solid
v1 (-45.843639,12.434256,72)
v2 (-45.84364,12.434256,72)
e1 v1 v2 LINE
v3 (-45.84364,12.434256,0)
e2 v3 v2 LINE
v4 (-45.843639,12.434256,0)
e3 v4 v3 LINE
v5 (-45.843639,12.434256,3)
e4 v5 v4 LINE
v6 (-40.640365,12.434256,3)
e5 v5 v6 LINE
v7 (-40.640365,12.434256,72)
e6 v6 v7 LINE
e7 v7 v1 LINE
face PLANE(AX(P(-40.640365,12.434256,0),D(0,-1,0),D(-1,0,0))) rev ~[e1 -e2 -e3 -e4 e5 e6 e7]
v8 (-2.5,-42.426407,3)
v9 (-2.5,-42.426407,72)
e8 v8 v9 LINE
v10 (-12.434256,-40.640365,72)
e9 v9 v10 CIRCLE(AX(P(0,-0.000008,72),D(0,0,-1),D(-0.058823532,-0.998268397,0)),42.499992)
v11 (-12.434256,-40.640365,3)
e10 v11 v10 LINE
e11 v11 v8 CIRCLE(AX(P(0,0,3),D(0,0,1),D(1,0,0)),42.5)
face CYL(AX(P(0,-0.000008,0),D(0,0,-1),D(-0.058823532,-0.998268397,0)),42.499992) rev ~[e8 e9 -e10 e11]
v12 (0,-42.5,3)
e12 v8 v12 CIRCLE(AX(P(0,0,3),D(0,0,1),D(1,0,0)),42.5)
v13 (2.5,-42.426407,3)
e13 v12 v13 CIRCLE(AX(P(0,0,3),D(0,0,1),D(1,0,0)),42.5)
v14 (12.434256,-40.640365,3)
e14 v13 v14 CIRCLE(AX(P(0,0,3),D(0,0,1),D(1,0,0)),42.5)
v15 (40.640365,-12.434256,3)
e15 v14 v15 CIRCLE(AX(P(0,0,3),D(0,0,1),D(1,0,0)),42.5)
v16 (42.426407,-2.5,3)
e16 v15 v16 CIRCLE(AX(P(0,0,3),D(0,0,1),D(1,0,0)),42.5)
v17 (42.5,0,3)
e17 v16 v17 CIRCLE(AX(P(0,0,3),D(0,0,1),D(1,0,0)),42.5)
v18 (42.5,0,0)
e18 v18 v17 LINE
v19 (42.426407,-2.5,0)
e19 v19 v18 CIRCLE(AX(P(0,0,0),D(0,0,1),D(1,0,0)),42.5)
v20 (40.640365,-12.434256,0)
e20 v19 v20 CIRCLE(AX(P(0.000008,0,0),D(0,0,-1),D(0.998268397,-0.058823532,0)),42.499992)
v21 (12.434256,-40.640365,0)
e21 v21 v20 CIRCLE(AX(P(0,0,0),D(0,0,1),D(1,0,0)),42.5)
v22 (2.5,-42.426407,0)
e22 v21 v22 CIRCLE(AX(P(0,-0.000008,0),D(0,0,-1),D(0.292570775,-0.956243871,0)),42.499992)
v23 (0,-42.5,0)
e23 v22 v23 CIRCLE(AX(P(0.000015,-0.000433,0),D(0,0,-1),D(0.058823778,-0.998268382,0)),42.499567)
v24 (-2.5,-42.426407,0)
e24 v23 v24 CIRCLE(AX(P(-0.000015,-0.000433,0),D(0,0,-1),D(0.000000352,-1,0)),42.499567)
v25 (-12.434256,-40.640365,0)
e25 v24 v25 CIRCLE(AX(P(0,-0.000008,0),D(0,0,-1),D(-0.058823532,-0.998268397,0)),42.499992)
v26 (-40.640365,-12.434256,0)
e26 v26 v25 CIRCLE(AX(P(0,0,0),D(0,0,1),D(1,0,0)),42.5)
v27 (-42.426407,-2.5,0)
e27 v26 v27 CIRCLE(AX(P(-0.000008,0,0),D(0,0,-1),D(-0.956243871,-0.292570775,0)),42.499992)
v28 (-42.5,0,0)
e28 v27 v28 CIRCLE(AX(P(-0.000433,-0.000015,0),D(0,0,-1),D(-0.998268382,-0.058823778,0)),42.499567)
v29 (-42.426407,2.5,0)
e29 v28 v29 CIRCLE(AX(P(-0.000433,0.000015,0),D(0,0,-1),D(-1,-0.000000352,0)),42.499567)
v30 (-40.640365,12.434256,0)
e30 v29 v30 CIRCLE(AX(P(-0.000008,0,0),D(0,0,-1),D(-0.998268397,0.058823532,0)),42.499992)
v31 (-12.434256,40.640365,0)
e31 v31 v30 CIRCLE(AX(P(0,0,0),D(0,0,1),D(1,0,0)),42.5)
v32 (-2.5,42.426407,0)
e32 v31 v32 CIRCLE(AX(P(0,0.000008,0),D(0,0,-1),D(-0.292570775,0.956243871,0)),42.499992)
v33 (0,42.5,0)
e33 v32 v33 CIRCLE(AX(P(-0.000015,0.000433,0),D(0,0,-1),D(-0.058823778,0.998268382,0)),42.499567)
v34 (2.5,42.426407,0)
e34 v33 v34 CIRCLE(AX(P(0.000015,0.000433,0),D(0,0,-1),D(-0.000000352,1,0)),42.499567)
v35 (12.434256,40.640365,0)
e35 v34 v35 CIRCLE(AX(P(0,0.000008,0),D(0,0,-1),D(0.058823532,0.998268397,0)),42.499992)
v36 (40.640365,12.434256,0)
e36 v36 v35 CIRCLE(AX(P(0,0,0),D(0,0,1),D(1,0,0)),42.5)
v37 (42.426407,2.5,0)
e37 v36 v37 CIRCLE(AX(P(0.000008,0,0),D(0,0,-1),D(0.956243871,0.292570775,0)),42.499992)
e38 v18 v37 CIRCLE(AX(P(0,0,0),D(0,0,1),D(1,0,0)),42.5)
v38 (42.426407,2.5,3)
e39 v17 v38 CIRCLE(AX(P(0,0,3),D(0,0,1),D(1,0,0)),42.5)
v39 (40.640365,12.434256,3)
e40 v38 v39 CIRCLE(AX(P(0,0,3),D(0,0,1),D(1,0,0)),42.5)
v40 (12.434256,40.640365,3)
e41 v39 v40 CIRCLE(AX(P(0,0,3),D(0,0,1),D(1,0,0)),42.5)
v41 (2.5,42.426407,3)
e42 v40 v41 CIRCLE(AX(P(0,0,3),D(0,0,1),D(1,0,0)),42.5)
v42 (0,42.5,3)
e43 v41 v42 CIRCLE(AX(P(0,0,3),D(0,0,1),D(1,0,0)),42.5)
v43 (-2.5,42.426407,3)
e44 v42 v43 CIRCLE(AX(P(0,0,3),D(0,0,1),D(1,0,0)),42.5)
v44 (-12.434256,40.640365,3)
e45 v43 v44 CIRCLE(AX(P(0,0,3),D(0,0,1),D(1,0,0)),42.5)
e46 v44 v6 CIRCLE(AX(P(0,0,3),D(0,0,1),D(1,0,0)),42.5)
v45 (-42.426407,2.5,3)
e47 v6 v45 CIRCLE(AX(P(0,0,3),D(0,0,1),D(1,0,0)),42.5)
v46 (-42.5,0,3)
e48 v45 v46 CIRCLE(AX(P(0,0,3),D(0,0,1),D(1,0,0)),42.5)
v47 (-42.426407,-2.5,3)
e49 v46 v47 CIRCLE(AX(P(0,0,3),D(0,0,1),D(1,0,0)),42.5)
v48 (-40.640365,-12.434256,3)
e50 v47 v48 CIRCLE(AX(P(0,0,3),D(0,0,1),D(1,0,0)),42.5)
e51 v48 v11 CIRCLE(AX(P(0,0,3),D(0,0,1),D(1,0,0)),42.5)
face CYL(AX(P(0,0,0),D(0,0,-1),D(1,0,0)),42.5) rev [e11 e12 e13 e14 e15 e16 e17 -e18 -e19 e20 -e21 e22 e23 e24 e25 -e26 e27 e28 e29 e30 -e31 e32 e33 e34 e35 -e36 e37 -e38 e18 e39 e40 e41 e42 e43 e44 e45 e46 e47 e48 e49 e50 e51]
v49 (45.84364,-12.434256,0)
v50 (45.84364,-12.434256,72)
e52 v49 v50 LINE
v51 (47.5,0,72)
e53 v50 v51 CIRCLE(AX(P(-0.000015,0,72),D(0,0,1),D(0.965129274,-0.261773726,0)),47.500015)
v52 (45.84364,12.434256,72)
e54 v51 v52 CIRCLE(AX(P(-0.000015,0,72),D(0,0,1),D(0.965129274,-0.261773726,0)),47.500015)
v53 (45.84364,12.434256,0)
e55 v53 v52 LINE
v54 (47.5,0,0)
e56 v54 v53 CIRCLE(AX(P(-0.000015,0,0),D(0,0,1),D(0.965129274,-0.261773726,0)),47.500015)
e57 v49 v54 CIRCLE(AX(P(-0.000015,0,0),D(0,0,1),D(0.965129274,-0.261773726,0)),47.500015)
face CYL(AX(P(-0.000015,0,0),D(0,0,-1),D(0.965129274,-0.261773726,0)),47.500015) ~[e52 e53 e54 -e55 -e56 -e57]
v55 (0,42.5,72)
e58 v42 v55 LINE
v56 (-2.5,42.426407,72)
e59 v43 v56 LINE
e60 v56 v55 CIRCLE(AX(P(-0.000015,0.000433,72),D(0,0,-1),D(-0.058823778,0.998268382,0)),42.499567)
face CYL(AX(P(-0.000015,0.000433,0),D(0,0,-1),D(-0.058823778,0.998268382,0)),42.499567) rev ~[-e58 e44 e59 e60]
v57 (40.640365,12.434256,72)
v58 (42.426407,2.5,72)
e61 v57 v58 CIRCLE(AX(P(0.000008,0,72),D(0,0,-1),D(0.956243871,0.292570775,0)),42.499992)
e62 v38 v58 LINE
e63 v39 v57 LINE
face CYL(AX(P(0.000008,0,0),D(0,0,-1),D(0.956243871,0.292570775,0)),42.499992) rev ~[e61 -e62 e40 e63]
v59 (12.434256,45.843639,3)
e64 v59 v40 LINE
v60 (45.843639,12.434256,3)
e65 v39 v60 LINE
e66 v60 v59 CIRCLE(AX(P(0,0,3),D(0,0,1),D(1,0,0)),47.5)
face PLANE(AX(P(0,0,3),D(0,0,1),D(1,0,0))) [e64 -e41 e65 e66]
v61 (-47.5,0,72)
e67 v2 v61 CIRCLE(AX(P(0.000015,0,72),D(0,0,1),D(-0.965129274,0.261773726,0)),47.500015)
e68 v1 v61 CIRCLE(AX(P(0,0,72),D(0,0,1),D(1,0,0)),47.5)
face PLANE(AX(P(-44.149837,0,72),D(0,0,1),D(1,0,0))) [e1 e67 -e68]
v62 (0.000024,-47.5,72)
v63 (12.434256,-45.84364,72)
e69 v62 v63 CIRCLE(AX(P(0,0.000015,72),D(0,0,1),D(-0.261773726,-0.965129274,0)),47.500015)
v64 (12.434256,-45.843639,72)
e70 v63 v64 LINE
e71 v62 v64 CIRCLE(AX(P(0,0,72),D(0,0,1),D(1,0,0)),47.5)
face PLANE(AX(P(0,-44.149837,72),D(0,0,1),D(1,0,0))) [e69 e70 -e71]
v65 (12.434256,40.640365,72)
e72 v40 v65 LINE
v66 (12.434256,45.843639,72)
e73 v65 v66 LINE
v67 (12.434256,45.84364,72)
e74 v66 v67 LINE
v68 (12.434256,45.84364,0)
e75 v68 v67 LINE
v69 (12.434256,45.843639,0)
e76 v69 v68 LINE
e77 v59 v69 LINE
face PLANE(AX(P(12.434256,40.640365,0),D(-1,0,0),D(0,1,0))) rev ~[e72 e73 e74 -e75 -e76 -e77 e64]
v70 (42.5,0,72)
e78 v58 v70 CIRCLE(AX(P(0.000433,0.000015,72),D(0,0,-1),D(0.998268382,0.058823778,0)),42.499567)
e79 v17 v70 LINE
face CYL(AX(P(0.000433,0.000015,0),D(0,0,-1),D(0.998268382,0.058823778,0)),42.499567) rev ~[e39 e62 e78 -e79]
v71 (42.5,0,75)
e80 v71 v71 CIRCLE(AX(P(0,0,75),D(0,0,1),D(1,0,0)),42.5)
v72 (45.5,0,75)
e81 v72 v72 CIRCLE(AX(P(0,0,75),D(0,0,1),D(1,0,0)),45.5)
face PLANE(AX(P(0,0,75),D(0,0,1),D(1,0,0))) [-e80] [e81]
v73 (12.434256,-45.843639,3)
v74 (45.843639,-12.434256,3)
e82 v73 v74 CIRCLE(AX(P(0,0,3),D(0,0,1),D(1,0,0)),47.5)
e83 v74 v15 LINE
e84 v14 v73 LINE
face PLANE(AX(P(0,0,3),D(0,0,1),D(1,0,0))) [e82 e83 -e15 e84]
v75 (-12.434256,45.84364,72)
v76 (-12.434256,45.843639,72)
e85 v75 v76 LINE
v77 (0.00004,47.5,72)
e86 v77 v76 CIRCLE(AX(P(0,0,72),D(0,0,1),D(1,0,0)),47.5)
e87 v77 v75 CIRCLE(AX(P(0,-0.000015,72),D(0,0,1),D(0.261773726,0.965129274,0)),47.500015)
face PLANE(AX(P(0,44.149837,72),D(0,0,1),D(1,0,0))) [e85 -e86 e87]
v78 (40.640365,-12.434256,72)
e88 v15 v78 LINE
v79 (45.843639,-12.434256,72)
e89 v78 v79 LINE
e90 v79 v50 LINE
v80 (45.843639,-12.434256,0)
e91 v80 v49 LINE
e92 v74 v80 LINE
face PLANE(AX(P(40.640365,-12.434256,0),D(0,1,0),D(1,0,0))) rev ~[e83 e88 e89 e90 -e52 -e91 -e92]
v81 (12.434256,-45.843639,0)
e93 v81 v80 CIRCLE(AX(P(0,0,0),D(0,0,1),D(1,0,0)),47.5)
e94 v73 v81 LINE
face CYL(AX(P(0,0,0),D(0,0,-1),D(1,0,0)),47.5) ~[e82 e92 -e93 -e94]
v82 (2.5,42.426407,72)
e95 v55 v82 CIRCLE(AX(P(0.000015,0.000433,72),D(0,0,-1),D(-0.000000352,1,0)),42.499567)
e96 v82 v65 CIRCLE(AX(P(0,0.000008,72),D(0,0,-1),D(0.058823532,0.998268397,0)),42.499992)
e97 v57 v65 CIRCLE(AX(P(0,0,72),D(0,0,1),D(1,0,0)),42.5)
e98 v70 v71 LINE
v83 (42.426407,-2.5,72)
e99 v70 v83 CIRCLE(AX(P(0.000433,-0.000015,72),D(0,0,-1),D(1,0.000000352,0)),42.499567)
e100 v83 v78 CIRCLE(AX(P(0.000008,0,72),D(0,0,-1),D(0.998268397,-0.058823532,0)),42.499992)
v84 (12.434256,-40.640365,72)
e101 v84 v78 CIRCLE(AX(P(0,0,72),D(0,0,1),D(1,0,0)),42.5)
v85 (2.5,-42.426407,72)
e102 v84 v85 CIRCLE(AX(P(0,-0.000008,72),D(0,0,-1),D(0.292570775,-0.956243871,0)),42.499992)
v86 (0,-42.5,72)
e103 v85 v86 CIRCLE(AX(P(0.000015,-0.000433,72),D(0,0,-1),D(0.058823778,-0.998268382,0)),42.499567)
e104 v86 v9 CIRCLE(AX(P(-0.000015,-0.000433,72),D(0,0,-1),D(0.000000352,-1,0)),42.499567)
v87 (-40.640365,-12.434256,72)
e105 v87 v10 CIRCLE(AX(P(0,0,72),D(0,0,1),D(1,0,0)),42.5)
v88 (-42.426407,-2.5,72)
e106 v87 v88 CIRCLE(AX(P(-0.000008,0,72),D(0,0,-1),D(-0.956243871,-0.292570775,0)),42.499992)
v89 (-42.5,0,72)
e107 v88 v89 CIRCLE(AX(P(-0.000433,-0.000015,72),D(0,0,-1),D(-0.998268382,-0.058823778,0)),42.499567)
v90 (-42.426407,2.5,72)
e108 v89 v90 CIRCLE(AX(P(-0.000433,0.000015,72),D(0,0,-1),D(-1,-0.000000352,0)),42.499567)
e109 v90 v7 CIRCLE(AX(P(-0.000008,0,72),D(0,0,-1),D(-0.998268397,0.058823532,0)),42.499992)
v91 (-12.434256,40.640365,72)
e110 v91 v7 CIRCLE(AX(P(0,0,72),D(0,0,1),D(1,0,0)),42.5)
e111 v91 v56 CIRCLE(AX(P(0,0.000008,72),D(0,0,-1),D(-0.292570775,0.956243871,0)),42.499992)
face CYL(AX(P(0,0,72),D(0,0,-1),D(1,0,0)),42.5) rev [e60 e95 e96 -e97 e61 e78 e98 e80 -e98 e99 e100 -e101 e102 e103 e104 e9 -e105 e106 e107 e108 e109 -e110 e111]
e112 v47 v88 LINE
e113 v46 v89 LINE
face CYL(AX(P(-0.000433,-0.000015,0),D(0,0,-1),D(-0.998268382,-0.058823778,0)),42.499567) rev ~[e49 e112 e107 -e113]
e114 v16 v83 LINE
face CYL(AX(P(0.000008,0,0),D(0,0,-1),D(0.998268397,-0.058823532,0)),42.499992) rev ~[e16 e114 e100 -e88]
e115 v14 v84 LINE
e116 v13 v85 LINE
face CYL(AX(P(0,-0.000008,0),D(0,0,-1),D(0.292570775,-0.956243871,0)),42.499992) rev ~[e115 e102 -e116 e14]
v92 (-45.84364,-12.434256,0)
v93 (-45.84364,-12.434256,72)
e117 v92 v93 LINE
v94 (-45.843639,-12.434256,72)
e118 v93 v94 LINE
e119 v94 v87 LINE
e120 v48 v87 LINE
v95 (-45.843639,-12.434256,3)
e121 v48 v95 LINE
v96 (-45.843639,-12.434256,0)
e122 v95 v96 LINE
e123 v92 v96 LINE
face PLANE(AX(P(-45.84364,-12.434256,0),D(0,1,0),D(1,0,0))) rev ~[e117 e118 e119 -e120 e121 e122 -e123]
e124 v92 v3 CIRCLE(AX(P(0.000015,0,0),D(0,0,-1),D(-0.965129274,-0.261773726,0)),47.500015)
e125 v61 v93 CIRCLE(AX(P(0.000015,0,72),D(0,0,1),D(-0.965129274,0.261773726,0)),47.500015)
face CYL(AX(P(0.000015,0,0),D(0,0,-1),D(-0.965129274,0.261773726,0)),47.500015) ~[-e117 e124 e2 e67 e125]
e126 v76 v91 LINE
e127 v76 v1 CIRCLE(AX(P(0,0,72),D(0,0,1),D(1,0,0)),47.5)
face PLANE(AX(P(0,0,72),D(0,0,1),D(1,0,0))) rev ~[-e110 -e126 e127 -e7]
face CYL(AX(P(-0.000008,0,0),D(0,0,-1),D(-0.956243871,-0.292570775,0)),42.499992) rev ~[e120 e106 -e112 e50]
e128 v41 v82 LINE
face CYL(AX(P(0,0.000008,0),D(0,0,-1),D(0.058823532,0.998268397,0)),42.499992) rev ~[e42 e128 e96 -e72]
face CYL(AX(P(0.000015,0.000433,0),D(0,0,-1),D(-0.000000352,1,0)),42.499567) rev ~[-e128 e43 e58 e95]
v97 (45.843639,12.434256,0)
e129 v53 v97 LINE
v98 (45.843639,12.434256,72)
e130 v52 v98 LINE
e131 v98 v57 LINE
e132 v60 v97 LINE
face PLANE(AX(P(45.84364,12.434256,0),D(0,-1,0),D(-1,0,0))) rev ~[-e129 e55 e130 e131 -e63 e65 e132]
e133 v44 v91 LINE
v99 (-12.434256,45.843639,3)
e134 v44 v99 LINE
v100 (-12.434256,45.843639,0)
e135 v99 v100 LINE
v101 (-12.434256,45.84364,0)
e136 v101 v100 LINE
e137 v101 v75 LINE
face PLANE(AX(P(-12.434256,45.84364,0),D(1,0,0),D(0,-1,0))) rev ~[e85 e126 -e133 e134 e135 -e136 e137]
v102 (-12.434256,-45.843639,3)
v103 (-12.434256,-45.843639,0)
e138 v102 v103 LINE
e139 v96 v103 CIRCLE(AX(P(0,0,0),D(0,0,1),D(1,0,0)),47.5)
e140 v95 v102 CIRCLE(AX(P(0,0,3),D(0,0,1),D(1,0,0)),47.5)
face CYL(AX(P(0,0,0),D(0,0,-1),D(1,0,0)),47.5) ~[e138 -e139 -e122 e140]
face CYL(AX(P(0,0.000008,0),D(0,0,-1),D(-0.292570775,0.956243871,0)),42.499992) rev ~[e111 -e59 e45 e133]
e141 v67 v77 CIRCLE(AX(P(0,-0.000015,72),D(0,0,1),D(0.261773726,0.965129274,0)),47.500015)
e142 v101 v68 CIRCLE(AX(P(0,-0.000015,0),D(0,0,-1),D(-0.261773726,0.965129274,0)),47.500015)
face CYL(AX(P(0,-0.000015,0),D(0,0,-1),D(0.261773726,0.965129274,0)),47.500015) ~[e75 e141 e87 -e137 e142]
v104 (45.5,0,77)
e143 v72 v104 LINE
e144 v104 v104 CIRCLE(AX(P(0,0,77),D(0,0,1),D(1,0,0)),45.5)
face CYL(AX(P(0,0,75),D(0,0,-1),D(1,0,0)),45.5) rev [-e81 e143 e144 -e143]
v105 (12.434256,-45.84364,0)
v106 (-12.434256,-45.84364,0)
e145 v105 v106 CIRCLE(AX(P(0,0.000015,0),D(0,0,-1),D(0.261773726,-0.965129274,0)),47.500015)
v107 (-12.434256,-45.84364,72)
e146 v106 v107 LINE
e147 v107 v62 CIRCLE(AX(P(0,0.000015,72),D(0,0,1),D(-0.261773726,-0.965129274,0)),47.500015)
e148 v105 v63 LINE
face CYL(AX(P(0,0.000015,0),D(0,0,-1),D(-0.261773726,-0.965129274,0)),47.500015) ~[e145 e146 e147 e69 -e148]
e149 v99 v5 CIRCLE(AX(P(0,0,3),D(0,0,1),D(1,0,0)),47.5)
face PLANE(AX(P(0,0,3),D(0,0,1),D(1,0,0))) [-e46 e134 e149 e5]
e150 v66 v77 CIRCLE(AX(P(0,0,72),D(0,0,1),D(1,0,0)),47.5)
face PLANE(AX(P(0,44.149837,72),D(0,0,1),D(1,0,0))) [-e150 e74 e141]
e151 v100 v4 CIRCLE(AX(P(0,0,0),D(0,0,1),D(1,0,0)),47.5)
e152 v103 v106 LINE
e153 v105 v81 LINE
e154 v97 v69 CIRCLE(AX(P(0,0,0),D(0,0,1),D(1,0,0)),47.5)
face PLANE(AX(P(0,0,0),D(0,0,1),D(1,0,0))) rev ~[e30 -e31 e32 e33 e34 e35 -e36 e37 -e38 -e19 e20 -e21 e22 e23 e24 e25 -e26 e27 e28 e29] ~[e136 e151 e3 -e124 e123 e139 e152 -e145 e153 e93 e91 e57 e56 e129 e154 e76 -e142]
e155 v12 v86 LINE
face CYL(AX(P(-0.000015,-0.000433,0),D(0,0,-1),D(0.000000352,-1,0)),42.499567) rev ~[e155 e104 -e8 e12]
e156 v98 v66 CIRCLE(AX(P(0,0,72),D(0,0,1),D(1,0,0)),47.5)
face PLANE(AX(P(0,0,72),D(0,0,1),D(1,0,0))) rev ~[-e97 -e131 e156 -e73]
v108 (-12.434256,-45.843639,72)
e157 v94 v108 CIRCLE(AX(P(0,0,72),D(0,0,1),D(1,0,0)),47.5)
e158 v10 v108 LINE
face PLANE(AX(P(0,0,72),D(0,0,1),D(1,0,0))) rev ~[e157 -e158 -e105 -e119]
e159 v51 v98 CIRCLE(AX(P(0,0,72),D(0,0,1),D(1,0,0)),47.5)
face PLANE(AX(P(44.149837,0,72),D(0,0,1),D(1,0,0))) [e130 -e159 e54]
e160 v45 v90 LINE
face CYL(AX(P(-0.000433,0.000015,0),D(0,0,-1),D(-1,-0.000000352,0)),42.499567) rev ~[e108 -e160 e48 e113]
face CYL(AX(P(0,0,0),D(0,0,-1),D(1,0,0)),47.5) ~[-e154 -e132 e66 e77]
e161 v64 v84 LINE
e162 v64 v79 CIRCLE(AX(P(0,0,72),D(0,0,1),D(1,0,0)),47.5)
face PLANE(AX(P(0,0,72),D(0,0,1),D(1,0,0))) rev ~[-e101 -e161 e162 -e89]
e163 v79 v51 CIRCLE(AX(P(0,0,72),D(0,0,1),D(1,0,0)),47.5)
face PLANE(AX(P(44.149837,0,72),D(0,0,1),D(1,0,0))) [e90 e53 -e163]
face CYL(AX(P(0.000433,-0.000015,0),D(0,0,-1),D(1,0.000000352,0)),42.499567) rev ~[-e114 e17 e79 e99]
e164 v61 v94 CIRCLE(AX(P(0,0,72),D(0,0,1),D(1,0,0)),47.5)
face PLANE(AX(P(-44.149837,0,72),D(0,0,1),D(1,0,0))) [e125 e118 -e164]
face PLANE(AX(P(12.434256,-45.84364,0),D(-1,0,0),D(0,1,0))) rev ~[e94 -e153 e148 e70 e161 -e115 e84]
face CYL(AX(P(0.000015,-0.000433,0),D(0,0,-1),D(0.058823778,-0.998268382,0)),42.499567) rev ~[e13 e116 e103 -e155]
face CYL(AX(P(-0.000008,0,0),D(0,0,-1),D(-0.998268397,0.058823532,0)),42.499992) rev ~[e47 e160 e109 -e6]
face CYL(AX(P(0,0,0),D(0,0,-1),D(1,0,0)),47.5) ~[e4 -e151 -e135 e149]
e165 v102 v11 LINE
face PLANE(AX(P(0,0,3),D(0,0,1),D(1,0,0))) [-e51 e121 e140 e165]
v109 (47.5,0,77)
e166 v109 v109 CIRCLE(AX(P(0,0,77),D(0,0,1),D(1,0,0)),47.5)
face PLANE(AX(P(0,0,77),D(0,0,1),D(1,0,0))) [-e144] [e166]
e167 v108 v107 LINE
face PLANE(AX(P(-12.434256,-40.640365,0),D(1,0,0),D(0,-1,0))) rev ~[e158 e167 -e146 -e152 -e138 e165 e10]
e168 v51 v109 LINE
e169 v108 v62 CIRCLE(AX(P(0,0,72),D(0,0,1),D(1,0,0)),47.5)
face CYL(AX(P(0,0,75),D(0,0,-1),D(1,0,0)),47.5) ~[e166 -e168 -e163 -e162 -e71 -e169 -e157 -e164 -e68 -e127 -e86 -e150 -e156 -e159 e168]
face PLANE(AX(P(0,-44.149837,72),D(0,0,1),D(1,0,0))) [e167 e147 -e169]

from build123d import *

# Parameters (mm, degrees)
F0_R     = 47.5
F0_R_2   = 42.5
F1_DEPTH = 3
F3_DEPTH = 72
F4_R     = 47.5
F4_R_2   = 42.5
F5_DEPTH = 3
F6_R     = 47.5
F6_R_2   = 45.5
F7_DEPTH = 2


with BuildPart() as f1:
    # F0 (on Top) → F1 (new body)
    with BuildSketch(Plane.XY):
        Circle(F0_R)
        Circle(F0_R_2, mode=Mode.SUBTRACT)
    extrude(amount=F1_DEPTH)

    # F2 (on Top) → F3 (join)
    with BuildSketch(Plane.XY):
        with BuildLine():
            Line((12.434256, 40.640365), (12.434256, 45.84364))
            ThreePointArc((12.434256, 45.84364), (0, 47.5), (-12.434256, 45.84364))
            Line((-12.434256, 45.84364), (-12.434256, 40.640365))
            ThreePointArc((-12.434256, 40.640365), (-7.520338, 41.82935), (-2.5, 42.426407))
            ThreePointArc((-2.5, 42.426407), (-1.250541, 42.481598), (0, 42.5))
            ThreePointArc((0, 42.5), (1.250541, 42.481598), (2.5, 42.426407))
            ThreePointArc((2.5, 42.426407), (7.520338, 41.82935), (12.434256, 40.640365))
        make_face()
        with BuildLine():
            Line((-40.640365, 12.434256), (-45.84364, 12.434256))
            ThreePointArc((-45.84364, 12.434256), (-47.5, 0), (-45.84364, -12.434256))
            Line((-45.84364, -12.434256), (-40.640365, -12.434256))
            ThreePointArc((-40.640365, -12.434256), (-41.82935, -7.520338), (-42.426407, -2.5))
            ThreePointArc((-42.426407, -2.5), (-42.481598, -1.250541), (-42.5, 0))
            ThreePointArc((-42.5, 0), (-42.481598, 1.250541), (-42.426407, 2.5))
            ThreePointArc((-42.426407, 2.5), (-41.82935, 7.520338), (-40.640365, 12.434256))
        make_face()
        with BuildLine():
            Line((-12.434256, -40.640365), (-12.434256, -45.84364))
            ThreePointArc((-12.434256, -45.84364), (0, -47.5), (12.434256, -45.84364))
            Line((12.434256, -45.84364), (12.434256, -40.640365))
            ThreePointArc((12.434256, -40.640365), (7.520338, -41.82935), (2.5, -42.426407))
            ThreePointArc((2.5, -42.426407), (1.250541, -42.481598), (0, -42.5))
            ThreePointArc((0, -42.5), (-1.250541, -42.481598), (-2.5, -42.426407))
            ThreePointArc((-2.5, -42.426407), (-7.520338, -41.82935), (-12.434256, -40.640365))
        make_face()
        with BuildLine():
            Line((40.640365, -12.434256), (45.84364, -12.434256))
            ThreePointArc((45.84364, -12.434256), (47.5, 0), (45.84364, 12.434256))
            Line((45.84364, 12.434256), (40.640365, 12.434256))
            ThreePointArc((40.640365, 12.434256), (41.82935, 7.520338), (42.426407, 2.5))
            ThreePointArc((42.426407, 2.5), (42.481598, 1.250541), (42.5, 0))
            ThreePointArc((42.5, 0), (42.481598, -1.250541), (42.426407, -2.5))
            ThreePointArc((42.426407, -2.5), (41.82935, -7.520338), (40.640365, -12.434256))
        make_face()
    extrude(amount=F3_DEPTH)

    # F4 (on face) → F5 (join)
    with BuildSketch(Plane.XY.offset(72)):
        Circle(F4_R)
        Circle(F4_R_2, mode=Mode.SUBTRACT)
    extrude(amount=F5_DEPTH)

    # F6 (on face) → F7 (join)
    with BuildSketch(Plane.XY.offset(75)):
        Circle(F6_R)
        Circle(F6_R_2, mode=Mode.SUBTRACT)
    extrude(amount=F7_DEPTH)


solid = f1.part
